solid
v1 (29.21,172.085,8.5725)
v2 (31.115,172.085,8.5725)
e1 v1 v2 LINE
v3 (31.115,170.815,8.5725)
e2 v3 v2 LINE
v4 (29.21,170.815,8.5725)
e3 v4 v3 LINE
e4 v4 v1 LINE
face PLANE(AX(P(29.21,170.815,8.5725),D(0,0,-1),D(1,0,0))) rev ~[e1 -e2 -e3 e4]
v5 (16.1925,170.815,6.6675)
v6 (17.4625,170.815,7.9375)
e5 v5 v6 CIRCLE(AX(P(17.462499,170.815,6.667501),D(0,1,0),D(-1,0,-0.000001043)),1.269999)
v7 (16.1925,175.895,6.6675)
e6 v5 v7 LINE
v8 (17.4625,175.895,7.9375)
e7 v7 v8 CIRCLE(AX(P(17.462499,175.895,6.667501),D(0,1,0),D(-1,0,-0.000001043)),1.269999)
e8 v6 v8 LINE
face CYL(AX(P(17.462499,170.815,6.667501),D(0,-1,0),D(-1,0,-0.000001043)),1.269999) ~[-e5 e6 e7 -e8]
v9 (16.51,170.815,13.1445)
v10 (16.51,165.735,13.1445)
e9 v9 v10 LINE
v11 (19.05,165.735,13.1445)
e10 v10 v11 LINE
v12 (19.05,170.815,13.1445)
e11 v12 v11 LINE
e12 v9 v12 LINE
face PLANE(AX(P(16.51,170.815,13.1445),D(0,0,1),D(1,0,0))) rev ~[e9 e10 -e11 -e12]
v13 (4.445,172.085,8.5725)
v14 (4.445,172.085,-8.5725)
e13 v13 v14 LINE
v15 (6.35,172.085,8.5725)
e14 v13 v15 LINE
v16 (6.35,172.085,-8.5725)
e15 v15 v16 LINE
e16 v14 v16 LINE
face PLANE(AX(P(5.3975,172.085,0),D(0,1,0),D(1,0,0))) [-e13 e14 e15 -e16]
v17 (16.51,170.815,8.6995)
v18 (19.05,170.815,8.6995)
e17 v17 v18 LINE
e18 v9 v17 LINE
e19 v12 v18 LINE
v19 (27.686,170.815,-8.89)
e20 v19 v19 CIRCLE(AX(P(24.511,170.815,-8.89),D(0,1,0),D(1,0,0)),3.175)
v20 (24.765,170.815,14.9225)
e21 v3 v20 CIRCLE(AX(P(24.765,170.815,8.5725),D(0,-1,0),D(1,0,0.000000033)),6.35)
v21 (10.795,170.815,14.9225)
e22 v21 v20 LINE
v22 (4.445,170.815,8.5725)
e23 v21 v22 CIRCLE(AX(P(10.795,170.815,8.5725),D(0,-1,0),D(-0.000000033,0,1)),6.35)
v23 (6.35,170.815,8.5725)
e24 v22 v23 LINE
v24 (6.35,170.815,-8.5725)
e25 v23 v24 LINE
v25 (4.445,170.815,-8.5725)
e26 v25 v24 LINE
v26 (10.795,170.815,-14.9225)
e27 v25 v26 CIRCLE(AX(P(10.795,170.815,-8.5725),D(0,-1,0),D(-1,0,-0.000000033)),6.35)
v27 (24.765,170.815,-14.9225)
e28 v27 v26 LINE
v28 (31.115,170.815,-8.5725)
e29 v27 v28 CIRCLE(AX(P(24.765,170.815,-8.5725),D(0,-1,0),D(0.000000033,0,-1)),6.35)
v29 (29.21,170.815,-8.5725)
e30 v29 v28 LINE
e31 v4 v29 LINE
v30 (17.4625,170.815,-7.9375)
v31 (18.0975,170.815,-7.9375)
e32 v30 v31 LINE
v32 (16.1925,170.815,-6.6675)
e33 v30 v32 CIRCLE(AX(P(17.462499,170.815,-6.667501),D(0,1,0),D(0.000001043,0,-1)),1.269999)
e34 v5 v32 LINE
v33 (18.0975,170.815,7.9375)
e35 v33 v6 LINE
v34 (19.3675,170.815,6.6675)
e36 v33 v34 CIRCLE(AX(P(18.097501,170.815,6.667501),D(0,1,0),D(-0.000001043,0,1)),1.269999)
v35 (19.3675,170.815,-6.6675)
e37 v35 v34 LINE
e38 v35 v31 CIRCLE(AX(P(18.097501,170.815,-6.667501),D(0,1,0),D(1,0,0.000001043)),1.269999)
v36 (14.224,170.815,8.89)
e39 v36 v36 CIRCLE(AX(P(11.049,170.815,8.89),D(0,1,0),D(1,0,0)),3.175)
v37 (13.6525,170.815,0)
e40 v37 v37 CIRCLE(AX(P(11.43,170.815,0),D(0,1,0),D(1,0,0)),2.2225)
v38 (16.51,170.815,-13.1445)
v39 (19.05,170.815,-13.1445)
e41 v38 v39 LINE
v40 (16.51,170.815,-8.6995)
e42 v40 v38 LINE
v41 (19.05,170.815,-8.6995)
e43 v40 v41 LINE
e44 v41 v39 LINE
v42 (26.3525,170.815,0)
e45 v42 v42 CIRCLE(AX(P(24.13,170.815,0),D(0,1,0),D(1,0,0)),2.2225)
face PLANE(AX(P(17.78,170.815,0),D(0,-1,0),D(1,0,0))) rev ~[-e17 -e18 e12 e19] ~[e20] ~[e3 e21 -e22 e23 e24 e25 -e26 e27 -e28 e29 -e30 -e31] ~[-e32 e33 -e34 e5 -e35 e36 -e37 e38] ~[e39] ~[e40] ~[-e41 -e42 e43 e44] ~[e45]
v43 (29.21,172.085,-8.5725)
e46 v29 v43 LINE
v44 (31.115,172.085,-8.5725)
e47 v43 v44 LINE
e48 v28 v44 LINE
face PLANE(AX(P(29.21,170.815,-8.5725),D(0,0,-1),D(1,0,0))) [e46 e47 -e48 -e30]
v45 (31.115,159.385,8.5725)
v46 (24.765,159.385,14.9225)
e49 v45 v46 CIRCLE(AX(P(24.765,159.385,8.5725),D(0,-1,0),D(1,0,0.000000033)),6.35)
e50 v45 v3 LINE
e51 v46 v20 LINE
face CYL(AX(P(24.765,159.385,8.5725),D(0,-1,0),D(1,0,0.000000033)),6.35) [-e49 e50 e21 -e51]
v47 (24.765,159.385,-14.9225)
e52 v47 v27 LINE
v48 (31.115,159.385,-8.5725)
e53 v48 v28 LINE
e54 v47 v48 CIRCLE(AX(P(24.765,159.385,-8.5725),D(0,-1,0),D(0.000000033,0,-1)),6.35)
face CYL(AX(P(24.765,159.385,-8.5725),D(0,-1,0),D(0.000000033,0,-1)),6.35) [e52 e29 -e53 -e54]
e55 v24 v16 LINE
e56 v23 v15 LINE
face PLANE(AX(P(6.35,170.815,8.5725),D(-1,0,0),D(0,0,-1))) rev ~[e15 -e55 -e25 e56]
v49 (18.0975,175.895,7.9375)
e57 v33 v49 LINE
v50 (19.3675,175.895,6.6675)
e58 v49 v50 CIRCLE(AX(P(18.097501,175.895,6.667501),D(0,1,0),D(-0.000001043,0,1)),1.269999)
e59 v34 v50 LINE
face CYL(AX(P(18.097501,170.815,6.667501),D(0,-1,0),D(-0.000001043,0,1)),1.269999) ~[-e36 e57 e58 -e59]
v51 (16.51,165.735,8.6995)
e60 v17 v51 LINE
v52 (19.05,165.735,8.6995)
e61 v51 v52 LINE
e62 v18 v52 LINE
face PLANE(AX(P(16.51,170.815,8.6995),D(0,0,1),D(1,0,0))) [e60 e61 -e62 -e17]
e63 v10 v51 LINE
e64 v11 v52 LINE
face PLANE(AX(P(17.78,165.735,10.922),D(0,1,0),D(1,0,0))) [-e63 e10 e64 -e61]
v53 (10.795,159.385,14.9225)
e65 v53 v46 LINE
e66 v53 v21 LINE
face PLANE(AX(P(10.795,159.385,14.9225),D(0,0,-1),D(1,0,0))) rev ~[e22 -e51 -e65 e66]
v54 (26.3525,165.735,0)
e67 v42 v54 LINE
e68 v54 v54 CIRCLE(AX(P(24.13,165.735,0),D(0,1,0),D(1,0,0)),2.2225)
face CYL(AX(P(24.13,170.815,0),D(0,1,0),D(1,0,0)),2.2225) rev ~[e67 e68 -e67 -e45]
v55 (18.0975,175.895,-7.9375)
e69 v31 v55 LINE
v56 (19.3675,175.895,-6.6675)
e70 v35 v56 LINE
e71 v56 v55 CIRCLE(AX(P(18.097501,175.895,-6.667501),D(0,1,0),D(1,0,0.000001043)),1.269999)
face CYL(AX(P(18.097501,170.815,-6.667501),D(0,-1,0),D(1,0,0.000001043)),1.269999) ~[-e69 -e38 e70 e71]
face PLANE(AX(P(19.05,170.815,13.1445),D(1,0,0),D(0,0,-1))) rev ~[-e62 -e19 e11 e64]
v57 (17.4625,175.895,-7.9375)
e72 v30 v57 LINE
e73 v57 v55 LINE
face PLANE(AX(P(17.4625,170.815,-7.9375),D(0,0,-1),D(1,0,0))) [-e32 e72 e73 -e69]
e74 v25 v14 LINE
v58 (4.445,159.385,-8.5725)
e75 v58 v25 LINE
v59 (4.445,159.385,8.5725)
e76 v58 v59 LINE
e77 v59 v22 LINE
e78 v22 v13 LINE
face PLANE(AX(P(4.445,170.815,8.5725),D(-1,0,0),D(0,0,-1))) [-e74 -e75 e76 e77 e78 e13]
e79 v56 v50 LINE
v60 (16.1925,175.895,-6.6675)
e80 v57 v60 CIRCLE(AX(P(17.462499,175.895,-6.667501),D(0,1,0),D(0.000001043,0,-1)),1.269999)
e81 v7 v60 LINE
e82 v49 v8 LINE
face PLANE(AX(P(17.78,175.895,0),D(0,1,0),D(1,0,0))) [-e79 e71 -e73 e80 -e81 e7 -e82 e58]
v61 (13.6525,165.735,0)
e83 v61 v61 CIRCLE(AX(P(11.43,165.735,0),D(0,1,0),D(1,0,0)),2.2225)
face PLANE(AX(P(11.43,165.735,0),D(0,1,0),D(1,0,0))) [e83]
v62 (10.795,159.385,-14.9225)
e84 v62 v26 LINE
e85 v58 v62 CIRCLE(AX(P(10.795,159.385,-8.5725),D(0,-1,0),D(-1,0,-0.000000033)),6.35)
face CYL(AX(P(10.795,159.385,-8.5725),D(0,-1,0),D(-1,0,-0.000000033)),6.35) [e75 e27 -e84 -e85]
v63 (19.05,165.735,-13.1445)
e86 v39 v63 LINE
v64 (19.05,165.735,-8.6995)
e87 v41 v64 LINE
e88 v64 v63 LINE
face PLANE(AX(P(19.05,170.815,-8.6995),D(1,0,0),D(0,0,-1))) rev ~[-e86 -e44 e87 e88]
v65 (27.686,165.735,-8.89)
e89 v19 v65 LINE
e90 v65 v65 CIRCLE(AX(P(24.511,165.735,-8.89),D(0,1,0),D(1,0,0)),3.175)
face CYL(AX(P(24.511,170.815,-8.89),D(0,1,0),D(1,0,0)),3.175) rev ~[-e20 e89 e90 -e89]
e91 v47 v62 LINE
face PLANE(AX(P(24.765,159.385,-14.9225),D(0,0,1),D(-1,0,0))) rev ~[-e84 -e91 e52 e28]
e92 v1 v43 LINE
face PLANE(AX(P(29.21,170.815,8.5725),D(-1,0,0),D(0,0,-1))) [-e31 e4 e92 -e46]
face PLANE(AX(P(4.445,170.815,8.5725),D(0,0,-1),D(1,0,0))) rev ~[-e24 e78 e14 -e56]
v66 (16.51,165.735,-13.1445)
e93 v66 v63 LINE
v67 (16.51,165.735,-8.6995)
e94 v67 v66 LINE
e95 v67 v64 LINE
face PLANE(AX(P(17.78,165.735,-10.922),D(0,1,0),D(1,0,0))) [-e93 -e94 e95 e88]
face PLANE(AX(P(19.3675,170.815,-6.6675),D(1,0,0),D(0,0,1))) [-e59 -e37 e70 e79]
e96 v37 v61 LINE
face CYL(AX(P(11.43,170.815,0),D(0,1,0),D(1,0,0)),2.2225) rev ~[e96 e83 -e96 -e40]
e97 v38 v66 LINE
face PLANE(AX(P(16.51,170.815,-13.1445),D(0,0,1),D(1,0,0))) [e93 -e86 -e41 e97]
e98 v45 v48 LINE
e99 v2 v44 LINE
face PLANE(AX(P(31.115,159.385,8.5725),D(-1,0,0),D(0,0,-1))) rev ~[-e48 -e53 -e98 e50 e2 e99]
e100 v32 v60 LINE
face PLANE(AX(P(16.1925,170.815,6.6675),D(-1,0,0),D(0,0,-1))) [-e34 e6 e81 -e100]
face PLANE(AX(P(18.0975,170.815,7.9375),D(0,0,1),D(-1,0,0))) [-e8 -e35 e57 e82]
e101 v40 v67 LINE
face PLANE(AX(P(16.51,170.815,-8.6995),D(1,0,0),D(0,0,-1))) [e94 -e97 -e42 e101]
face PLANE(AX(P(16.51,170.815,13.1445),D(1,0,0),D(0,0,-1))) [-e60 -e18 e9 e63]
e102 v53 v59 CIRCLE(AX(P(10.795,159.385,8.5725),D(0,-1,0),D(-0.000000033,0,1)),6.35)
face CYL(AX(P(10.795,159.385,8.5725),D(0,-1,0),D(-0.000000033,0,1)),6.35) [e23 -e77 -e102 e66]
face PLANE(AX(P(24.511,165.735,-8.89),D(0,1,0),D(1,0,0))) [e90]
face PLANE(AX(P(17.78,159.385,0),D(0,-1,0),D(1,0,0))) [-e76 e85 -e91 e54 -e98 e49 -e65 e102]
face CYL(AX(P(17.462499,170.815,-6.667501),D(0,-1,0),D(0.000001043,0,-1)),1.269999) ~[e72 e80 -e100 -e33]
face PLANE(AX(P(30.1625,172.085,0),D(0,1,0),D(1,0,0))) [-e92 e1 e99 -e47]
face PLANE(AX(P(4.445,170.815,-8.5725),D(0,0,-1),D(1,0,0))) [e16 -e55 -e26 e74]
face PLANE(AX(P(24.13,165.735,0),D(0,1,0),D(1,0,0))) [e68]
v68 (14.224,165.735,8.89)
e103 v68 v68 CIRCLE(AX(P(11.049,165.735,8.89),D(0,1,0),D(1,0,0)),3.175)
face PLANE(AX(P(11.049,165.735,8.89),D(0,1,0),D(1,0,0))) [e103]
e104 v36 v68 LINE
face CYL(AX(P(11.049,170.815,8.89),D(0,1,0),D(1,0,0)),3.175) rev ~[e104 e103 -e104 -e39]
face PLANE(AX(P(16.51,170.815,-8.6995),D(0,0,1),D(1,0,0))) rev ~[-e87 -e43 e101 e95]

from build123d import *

# Parameters (mm, degrees)
PAD014_DEPTH    = 11.43
SKETCH067_W     = 1.905
SKETCH067_H     = 17.145
PAD015_DEPTH    = 1.27
PAD016_DEPTH    = 5.08
SKETCH074_R     = 3.175
SKETCH074_R_2   = 2.2225
SKETCH074_W     = 2.54
SKETCH074_H     = 4.445
POCKET012_DEPTH = 5.08


with BuildPart() as part:
    # Sketch066 → Pad014 (new body)
    with BuildSketch(Plane.XZ):
        with BuildLine():
            ThreePointArc((-6.985, 14.9225), (-11.475128, 13.062628), (-13.335, 8.5725))
            Line((-13.335, -8.5725), (-13.335, 8.5725))
            ThreePointArc((-13.335, -8.5725), (-11.475128, -13.062628), (-6.985, -14.9225))
            Line((6.985, -14.9225), (-6.985, -14.9225))
            ThreePointArc((6.985, -14.9225), (11.475128, -13.062628), (13.335, -8.5725))
            Line((13.335, 8.5725), (13.335, -8.5725))
            ThreePointArc((13.335, 8.5725), (11.475128, 13.062628), (6.985, 14.9225))
            Line((-6.985, 14.9225), (6.985, 14.9225))
        make_face()
    extrude(amount=-PAD014_DEPTH)

    # Sketch067 (on Face10 of Pad014) → Pad015 (join)
    with BuildSketch(Plane(origin=(0, 11.43, 0), x_dir=(1, 0, 0), z_dir=(0, 1, 0))):
        with Locations((-12.3825, 0)):
            Rectangle(SKETCH067_W, SKETCH067_H)
        with Locations((12.3825, 0)):
            Rectangle(SKETCH067_W, SKETCH067_H)
    extrude(amount=PAD015_DEPTH)

    # Sketch068 (on Face5 of Pad015) → Pad016 (join)
    with BuildSketch(Plane(origin=(0, 11.43, 0), x_dir=(1, 0, 0), z_dir=(0, 1, 0))):
        with BuildLine():
            ThreePointArc((-0.3175, 7.9375), (-1.215526, 7.565526), (-1.5875, 6.6675))
            Line((-1.5875, -6.6675), (-1.5875, 6.6675))
            ThreePointArc((-1.5875, -6.6675), (-1.215526, -7.565526), (-0.3175, -7.9375))
            Line((0.3175, -7.9375), (-0.3175, -7.9375))
            ThreePointArc((0.3175, -7.9375), (1.215526, -7.565526), (1.5875, -6.6675))
            Line((1.5875, 6.6675), (1.5875, -6.6675))
            ThreePointArc((1.5875, 6.6675), (1.215526, 7.565526), (0.3175, 7.9375))
            Line((-0.3175, 7.9375), (0.3175, 7.9375))
        make_face()
    extrude(amount=PAD016_DEPTH)

    # Sketch074 (on Face5 of Pad016) → Pocket012 (cut)
    with BuildSketch(Plane(origin=(0, 11.43, 0), x_dir=(1, 0, 0), z_dir=(0, 1, 0))):
        with Locations((-6.731, -8.89)):
            Circle(SKETCH074_R)
        with Locations((6.731, 8.89)):
            Circle(SKETCH074_R)
        with Locations((-6.35, 0)):
            Circle(SKETCH074_R_2)
        with Locations((6.35, 0)):
            Circle(SKETCH074_R_2)
        with Locations((0, -10.922)):
            Rectangle(SKETCH074_W, SKETCH074_H)
        with Locations((0, 10.922)):
            Rectangle(SKETCH074_W, SKETCH074_H)
    extrude(amount=-POCKET012_DEPTH, mode=Mode.SUBTRACT)


with BuildPart() as part_1:
    # Body011 placement: moved
    add(part.part.moved(Location((17.78, 159.385, 0))))


solid = part_1.part
